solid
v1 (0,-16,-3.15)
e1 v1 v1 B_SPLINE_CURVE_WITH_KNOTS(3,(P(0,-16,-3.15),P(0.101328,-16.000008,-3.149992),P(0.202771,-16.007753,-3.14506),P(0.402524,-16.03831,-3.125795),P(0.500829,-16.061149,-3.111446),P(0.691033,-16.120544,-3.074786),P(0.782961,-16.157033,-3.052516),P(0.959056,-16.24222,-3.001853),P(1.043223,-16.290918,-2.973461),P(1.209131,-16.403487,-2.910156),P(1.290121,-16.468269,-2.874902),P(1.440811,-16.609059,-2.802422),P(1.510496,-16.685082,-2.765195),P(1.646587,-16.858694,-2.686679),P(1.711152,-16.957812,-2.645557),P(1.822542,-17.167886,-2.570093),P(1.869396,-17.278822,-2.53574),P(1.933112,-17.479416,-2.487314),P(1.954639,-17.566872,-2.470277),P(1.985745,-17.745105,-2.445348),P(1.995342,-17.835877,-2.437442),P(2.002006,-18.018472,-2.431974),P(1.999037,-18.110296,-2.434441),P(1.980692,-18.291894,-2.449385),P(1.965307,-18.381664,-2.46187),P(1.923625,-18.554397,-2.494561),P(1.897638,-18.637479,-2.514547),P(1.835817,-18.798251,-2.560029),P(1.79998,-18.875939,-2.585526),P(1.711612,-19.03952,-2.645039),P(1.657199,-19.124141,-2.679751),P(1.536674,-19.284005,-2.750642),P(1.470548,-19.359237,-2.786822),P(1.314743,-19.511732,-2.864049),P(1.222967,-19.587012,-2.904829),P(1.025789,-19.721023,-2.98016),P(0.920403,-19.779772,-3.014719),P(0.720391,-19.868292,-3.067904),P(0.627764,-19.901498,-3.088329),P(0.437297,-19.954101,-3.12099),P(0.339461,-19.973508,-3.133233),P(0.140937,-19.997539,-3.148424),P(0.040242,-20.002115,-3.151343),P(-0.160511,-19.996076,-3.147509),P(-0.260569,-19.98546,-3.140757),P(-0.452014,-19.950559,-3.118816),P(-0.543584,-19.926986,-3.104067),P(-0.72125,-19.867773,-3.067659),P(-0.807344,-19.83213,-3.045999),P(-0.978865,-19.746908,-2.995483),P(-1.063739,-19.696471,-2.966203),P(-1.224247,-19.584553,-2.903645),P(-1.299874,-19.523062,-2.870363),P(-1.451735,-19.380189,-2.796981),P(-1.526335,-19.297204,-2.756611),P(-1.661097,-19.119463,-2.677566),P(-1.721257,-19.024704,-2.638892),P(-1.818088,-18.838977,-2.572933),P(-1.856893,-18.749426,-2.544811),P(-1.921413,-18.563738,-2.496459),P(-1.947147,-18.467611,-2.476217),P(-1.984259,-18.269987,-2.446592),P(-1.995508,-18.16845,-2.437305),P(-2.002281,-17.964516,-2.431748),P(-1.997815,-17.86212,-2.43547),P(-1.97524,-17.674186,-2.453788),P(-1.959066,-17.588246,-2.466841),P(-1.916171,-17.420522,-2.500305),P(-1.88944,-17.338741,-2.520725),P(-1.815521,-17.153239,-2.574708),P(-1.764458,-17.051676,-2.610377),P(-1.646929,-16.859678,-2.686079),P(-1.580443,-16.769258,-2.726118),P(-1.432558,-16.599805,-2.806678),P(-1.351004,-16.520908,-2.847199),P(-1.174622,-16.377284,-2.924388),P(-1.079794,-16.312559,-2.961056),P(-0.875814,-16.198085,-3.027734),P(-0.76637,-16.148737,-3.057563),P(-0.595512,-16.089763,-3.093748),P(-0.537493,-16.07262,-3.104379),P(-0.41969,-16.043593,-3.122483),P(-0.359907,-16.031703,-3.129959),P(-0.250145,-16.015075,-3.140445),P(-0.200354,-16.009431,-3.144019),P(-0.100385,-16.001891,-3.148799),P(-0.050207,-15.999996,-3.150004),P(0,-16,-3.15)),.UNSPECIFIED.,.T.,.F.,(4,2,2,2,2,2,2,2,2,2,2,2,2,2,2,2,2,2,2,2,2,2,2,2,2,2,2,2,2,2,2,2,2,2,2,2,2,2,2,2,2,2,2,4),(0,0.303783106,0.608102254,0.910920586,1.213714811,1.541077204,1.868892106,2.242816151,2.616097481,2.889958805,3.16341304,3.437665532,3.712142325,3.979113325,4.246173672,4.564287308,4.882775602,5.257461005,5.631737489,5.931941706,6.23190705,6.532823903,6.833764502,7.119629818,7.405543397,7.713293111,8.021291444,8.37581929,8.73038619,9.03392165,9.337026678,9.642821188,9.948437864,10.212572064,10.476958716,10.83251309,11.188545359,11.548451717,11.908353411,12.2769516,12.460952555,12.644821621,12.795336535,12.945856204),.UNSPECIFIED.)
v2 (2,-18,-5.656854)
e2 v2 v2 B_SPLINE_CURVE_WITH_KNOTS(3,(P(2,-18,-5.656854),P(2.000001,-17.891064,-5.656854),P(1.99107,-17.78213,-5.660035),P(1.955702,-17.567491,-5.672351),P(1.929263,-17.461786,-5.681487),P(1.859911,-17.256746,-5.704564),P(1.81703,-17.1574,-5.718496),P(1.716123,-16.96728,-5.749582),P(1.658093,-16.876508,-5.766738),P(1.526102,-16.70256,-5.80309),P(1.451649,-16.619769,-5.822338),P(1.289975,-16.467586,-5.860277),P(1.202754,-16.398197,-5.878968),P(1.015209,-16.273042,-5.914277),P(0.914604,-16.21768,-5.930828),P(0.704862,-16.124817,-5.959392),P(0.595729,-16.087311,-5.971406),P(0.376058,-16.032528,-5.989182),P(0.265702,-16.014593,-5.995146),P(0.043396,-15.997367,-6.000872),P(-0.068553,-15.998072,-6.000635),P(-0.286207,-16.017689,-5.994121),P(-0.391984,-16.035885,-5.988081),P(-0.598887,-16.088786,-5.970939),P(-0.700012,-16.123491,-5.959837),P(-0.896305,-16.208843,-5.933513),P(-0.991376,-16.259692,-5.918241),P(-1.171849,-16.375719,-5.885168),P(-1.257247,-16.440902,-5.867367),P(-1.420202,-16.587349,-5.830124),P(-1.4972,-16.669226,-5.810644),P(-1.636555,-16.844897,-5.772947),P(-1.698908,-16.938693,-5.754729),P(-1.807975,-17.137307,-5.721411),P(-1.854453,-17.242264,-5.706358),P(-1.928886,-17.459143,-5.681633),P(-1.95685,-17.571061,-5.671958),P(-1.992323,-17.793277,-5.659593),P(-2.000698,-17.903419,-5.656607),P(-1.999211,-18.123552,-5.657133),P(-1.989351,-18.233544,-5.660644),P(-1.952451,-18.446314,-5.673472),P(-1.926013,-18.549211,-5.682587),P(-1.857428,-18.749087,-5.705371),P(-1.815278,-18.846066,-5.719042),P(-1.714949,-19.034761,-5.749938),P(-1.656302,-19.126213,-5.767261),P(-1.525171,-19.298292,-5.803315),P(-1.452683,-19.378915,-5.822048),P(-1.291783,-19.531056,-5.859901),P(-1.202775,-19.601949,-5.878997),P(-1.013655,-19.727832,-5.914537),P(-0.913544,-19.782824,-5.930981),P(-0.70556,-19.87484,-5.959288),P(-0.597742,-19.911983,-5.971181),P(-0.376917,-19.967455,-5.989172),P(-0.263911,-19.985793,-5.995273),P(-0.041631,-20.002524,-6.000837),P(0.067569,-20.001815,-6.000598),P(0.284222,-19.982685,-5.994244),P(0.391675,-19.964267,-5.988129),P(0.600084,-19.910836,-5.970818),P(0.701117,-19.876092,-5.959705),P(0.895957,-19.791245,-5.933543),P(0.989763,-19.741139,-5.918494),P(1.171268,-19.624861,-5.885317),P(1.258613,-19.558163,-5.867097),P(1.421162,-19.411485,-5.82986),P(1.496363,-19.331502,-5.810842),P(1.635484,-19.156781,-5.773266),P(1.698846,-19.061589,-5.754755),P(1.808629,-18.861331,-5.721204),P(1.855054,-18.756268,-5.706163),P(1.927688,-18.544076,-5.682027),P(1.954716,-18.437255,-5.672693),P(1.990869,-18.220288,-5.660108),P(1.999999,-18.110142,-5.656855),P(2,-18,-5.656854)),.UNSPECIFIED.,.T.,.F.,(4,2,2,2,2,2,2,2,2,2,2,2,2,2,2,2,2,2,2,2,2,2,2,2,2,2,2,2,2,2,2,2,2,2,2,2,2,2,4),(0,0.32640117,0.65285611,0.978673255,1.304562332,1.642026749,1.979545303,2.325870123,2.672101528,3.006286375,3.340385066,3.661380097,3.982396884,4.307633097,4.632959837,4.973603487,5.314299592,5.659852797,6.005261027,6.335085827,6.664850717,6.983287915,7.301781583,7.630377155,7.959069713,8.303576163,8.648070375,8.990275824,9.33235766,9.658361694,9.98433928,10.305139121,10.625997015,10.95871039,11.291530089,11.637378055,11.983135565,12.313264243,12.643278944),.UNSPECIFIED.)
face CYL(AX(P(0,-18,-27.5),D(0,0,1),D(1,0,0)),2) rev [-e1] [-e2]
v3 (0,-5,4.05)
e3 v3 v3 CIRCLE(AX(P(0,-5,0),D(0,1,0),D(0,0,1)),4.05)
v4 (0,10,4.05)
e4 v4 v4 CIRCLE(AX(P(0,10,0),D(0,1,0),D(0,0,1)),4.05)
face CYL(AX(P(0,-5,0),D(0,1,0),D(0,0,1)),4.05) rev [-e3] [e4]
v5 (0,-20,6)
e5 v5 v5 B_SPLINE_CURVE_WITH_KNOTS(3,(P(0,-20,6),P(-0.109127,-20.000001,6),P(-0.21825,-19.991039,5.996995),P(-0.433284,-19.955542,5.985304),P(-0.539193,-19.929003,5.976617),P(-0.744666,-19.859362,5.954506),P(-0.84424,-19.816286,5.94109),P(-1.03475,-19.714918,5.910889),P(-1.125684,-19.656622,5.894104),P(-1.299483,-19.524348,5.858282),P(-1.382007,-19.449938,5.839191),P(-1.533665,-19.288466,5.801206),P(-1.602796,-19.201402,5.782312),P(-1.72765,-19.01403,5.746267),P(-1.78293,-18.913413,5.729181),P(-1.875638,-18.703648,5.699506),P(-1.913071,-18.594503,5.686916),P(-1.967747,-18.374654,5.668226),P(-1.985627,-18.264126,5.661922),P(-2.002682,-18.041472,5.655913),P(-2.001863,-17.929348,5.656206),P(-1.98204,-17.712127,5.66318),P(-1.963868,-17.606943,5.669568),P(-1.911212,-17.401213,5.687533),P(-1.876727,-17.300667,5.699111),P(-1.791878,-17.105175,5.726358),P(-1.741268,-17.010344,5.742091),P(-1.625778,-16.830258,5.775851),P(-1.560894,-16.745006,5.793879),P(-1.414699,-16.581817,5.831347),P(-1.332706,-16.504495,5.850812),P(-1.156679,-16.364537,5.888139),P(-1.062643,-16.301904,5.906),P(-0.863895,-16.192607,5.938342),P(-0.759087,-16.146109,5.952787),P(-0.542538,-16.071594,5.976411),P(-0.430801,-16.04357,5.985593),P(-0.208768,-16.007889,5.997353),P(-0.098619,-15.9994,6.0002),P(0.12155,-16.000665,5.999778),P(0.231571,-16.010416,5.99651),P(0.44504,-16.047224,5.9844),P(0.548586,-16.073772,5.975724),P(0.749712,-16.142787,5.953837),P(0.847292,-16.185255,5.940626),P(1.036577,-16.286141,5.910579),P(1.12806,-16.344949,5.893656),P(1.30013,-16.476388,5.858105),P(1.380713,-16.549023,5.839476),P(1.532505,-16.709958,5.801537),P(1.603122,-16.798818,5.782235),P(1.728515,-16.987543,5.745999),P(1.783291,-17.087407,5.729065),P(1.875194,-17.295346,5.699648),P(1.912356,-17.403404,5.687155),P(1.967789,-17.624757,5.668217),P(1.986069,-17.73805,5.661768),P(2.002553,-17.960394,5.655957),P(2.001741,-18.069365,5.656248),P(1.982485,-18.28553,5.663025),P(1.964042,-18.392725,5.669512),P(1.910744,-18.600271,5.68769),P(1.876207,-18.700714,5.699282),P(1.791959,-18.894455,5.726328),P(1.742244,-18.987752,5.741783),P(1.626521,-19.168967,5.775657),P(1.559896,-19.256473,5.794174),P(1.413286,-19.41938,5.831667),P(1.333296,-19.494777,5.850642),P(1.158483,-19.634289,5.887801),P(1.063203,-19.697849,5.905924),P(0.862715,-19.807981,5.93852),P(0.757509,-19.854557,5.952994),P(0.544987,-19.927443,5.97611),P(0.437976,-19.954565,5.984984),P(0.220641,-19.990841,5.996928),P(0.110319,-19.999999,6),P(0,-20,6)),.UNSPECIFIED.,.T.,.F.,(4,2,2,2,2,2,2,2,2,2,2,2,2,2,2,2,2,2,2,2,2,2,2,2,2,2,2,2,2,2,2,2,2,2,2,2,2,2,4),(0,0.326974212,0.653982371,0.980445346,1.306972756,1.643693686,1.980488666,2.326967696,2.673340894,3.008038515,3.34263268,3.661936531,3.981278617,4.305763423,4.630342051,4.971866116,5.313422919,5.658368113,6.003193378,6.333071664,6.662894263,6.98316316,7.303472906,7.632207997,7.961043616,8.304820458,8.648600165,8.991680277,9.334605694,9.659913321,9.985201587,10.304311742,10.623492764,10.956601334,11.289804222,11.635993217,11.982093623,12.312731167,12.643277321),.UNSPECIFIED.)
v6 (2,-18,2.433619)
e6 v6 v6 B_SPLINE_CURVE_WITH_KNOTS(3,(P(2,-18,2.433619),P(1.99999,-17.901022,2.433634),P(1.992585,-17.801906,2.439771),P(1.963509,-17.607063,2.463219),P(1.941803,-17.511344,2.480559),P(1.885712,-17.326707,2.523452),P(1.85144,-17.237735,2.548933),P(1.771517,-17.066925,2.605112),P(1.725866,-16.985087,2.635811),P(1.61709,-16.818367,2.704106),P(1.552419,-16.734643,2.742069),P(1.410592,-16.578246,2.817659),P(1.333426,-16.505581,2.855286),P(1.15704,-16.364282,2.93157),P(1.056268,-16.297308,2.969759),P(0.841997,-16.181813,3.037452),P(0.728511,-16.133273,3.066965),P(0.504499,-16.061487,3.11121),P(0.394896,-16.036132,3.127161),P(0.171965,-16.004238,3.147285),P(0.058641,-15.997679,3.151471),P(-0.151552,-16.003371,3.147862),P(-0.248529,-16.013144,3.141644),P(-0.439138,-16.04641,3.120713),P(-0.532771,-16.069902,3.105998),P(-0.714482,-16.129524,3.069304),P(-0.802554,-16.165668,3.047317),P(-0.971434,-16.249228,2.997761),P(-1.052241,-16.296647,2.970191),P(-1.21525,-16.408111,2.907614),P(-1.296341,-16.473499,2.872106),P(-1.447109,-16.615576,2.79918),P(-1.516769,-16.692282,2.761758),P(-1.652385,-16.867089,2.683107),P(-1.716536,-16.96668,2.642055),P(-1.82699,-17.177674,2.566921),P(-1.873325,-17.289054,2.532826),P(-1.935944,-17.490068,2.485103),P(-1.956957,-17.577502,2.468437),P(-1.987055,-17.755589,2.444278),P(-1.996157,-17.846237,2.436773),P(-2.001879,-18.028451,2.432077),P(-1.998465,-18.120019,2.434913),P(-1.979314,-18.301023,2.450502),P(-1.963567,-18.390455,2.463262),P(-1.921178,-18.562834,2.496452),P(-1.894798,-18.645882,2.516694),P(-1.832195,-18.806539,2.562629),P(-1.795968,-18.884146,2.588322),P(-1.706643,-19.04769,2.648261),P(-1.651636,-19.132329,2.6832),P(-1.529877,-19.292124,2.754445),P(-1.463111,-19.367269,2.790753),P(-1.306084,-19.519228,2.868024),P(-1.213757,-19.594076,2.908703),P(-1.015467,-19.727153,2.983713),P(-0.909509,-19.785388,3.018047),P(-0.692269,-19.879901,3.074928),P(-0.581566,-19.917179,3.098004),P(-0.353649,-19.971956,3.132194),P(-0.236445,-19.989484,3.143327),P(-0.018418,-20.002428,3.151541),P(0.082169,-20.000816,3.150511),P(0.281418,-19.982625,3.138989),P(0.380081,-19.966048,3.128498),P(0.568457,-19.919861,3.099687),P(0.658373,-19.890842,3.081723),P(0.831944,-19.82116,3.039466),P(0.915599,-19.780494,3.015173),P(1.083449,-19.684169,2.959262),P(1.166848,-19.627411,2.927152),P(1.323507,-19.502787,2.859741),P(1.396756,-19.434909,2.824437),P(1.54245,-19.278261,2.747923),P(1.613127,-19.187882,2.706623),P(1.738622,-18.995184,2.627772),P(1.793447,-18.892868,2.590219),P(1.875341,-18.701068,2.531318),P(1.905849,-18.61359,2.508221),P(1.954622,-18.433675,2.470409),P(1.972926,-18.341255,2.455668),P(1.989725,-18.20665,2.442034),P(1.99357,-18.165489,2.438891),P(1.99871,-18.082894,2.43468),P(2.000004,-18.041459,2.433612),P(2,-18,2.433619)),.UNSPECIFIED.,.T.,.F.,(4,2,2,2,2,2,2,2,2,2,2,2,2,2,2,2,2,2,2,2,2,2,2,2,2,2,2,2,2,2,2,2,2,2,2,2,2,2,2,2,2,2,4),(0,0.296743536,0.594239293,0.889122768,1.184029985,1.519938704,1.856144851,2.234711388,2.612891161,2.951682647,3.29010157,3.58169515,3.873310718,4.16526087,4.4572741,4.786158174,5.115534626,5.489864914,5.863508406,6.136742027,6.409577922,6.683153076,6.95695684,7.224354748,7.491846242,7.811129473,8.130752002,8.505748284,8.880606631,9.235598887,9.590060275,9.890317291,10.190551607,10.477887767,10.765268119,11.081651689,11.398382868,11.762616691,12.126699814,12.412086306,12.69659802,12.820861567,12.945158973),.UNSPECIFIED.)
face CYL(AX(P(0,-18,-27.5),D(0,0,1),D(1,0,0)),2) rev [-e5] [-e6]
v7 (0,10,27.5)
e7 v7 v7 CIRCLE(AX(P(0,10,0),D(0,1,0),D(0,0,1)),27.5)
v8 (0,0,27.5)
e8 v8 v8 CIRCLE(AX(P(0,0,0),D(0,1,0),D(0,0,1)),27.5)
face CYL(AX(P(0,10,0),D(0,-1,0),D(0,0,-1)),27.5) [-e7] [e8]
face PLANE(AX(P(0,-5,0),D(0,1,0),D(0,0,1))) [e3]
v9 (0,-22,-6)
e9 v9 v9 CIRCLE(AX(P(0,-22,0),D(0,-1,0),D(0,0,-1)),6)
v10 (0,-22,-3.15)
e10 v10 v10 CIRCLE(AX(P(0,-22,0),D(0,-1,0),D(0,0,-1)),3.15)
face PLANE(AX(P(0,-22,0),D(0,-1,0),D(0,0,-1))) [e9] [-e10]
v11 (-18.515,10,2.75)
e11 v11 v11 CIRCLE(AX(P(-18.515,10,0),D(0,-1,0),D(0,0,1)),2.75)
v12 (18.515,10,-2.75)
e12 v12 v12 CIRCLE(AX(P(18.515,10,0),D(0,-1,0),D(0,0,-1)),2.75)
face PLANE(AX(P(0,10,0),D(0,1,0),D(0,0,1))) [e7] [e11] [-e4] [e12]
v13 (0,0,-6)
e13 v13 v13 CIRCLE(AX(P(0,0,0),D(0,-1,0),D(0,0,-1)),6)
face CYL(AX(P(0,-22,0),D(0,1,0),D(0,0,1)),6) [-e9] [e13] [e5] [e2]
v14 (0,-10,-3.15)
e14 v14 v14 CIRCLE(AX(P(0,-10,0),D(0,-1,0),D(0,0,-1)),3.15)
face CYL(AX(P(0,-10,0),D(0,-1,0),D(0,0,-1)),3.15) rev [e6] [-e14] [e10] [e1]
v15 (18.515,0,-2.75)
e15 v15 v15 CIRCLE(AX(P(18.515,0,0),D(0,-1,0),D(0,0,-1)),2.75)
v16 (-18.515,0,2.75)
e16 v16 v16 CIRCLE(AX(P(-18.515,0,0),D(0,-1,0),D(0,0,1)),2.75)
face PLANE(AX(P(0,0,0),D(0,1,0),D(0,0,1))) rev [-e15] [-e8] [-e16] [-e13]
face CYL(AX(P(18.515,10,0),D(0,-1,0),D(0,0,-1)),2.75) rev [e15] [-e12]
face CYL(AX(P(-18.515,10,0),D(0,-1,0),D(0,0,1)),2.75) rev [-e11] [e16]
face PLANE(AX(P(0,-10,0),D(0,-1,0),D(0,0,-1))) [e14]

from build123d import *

# Parameters (mm, degrees)
SKETCH_1_R               = 27.5
EXTRUDE_1_DEPTH          = 10
SKETCH_2_R               = 2.75
CUT_EXTRUDE_1_DEPTH      = 10
PATTERN_CIRCULAR_1_COUNT = 2
SKETCH_3_R               = 6
EXTRUDE_2_DEPTH          = 22
SKETCH_5_R               = 3.15
CUT_EXTRUDE_3_DEPTH      = 12
SKETCH_4_R               = 4.05
CUT_EXTRUDE_2_DEPTH      = 15
CUT_EXTRUDE_4_DEPTH      = 45.682211225
CUT_EXTRUDE_4_DEPTH_BACK = 45.682211225
SKETCH_6_R               = 2


with BuildPart() as part:
    # 草图1 → 凸台-拉伸1 (new body)
    with BuildSketch(Plane(origin=(0, 0, 0), x_dir=(1, 0, 0), z_dir=(0, 1, 0))):
        with Locations(Location((0, 0, 0), (0, 0, 270))):
            Circle(SKETCH_1_R)
    extrude(amount=EXTRUDE_1_DEPTH)

    # 草图2 → 切除-拉伸1 (cut)
    with BuildSketch(Plane.XZ):
        with Locations(Location((18.515, 0, 0), (0, 0, 270))):
            Circle(SKETCH_2_R)
    cut_extrude_1 = extrude(amount=-CUT_EXTRUDE_1_DEPTH, mode=Mode.SUBTRACT)

    # 阵列(圆周)1: 切除-拉伸1 ×2 about axis
    pattern_circular_1_axis = Axis((0, 0, 0), (0, 1, 0))
    for i in range(1, PATTERN_CIRCULAR_1_COUNT):
        add(cut_extrude_1.rotate(pattern_circular_1_axis, i * 360 / PATTERN_CIRCULAR_1_COUNT), mode=Mode.SUBTRACT)

    # 草图3 → 凸台-拉伸2 (add)
    with BuildSketch(Plane.XZ):
        with Locations(Location((0, 0, 0), (0, 0, 270))):
            Circle(SKETCH_3_R)
    extrude(amount=EXTRUDE_2_DEPTH)

    # 草图5 → 切除-拉伸3 (cut)
    with BuildSketch(Plane.XZ.offset(22)):
        with Locations(Location((0, 0, 0), (0, 0, 270))):
            Circle(SKETCH_5_R)
    extrude(amount=-CUT_EXTRUDE_3_DEPTH, mode=Mode.SUBTRACT)

    # 草图4 → 切除-拉伸2 (cut)
    with BuildSketch(Plane(origin=(0, 10, 0), x_dir=(1, 0, 0), z_dir=(0, 1, 0))):
        with Locations(Location((0, 0, 0), (0, 0, 270))):
            Circle(SKETCH_4_R)
    extrude(amount=-CUT_EXTRUDE_2_DEPTH, mode=Mode.SUBTRACT)

    # 草图6 → 切除-拉伸4 (cut, two sides: drawn at the far end of the back side and taken through both)
    with BuildSketch(Plane.XY.offset(-CUT_EXTRUDE_4_DEPTH_BACK)):
        with Locations((0, -18)):
            Circle(SKETCH_6_R)
    extrude(amount=CUT_EXTRUDE_4_DEPTH + CUT_EXTRUDE_4_DEPTH_BACK, mode=Mode.SUBTRACT)


solid = part.part
